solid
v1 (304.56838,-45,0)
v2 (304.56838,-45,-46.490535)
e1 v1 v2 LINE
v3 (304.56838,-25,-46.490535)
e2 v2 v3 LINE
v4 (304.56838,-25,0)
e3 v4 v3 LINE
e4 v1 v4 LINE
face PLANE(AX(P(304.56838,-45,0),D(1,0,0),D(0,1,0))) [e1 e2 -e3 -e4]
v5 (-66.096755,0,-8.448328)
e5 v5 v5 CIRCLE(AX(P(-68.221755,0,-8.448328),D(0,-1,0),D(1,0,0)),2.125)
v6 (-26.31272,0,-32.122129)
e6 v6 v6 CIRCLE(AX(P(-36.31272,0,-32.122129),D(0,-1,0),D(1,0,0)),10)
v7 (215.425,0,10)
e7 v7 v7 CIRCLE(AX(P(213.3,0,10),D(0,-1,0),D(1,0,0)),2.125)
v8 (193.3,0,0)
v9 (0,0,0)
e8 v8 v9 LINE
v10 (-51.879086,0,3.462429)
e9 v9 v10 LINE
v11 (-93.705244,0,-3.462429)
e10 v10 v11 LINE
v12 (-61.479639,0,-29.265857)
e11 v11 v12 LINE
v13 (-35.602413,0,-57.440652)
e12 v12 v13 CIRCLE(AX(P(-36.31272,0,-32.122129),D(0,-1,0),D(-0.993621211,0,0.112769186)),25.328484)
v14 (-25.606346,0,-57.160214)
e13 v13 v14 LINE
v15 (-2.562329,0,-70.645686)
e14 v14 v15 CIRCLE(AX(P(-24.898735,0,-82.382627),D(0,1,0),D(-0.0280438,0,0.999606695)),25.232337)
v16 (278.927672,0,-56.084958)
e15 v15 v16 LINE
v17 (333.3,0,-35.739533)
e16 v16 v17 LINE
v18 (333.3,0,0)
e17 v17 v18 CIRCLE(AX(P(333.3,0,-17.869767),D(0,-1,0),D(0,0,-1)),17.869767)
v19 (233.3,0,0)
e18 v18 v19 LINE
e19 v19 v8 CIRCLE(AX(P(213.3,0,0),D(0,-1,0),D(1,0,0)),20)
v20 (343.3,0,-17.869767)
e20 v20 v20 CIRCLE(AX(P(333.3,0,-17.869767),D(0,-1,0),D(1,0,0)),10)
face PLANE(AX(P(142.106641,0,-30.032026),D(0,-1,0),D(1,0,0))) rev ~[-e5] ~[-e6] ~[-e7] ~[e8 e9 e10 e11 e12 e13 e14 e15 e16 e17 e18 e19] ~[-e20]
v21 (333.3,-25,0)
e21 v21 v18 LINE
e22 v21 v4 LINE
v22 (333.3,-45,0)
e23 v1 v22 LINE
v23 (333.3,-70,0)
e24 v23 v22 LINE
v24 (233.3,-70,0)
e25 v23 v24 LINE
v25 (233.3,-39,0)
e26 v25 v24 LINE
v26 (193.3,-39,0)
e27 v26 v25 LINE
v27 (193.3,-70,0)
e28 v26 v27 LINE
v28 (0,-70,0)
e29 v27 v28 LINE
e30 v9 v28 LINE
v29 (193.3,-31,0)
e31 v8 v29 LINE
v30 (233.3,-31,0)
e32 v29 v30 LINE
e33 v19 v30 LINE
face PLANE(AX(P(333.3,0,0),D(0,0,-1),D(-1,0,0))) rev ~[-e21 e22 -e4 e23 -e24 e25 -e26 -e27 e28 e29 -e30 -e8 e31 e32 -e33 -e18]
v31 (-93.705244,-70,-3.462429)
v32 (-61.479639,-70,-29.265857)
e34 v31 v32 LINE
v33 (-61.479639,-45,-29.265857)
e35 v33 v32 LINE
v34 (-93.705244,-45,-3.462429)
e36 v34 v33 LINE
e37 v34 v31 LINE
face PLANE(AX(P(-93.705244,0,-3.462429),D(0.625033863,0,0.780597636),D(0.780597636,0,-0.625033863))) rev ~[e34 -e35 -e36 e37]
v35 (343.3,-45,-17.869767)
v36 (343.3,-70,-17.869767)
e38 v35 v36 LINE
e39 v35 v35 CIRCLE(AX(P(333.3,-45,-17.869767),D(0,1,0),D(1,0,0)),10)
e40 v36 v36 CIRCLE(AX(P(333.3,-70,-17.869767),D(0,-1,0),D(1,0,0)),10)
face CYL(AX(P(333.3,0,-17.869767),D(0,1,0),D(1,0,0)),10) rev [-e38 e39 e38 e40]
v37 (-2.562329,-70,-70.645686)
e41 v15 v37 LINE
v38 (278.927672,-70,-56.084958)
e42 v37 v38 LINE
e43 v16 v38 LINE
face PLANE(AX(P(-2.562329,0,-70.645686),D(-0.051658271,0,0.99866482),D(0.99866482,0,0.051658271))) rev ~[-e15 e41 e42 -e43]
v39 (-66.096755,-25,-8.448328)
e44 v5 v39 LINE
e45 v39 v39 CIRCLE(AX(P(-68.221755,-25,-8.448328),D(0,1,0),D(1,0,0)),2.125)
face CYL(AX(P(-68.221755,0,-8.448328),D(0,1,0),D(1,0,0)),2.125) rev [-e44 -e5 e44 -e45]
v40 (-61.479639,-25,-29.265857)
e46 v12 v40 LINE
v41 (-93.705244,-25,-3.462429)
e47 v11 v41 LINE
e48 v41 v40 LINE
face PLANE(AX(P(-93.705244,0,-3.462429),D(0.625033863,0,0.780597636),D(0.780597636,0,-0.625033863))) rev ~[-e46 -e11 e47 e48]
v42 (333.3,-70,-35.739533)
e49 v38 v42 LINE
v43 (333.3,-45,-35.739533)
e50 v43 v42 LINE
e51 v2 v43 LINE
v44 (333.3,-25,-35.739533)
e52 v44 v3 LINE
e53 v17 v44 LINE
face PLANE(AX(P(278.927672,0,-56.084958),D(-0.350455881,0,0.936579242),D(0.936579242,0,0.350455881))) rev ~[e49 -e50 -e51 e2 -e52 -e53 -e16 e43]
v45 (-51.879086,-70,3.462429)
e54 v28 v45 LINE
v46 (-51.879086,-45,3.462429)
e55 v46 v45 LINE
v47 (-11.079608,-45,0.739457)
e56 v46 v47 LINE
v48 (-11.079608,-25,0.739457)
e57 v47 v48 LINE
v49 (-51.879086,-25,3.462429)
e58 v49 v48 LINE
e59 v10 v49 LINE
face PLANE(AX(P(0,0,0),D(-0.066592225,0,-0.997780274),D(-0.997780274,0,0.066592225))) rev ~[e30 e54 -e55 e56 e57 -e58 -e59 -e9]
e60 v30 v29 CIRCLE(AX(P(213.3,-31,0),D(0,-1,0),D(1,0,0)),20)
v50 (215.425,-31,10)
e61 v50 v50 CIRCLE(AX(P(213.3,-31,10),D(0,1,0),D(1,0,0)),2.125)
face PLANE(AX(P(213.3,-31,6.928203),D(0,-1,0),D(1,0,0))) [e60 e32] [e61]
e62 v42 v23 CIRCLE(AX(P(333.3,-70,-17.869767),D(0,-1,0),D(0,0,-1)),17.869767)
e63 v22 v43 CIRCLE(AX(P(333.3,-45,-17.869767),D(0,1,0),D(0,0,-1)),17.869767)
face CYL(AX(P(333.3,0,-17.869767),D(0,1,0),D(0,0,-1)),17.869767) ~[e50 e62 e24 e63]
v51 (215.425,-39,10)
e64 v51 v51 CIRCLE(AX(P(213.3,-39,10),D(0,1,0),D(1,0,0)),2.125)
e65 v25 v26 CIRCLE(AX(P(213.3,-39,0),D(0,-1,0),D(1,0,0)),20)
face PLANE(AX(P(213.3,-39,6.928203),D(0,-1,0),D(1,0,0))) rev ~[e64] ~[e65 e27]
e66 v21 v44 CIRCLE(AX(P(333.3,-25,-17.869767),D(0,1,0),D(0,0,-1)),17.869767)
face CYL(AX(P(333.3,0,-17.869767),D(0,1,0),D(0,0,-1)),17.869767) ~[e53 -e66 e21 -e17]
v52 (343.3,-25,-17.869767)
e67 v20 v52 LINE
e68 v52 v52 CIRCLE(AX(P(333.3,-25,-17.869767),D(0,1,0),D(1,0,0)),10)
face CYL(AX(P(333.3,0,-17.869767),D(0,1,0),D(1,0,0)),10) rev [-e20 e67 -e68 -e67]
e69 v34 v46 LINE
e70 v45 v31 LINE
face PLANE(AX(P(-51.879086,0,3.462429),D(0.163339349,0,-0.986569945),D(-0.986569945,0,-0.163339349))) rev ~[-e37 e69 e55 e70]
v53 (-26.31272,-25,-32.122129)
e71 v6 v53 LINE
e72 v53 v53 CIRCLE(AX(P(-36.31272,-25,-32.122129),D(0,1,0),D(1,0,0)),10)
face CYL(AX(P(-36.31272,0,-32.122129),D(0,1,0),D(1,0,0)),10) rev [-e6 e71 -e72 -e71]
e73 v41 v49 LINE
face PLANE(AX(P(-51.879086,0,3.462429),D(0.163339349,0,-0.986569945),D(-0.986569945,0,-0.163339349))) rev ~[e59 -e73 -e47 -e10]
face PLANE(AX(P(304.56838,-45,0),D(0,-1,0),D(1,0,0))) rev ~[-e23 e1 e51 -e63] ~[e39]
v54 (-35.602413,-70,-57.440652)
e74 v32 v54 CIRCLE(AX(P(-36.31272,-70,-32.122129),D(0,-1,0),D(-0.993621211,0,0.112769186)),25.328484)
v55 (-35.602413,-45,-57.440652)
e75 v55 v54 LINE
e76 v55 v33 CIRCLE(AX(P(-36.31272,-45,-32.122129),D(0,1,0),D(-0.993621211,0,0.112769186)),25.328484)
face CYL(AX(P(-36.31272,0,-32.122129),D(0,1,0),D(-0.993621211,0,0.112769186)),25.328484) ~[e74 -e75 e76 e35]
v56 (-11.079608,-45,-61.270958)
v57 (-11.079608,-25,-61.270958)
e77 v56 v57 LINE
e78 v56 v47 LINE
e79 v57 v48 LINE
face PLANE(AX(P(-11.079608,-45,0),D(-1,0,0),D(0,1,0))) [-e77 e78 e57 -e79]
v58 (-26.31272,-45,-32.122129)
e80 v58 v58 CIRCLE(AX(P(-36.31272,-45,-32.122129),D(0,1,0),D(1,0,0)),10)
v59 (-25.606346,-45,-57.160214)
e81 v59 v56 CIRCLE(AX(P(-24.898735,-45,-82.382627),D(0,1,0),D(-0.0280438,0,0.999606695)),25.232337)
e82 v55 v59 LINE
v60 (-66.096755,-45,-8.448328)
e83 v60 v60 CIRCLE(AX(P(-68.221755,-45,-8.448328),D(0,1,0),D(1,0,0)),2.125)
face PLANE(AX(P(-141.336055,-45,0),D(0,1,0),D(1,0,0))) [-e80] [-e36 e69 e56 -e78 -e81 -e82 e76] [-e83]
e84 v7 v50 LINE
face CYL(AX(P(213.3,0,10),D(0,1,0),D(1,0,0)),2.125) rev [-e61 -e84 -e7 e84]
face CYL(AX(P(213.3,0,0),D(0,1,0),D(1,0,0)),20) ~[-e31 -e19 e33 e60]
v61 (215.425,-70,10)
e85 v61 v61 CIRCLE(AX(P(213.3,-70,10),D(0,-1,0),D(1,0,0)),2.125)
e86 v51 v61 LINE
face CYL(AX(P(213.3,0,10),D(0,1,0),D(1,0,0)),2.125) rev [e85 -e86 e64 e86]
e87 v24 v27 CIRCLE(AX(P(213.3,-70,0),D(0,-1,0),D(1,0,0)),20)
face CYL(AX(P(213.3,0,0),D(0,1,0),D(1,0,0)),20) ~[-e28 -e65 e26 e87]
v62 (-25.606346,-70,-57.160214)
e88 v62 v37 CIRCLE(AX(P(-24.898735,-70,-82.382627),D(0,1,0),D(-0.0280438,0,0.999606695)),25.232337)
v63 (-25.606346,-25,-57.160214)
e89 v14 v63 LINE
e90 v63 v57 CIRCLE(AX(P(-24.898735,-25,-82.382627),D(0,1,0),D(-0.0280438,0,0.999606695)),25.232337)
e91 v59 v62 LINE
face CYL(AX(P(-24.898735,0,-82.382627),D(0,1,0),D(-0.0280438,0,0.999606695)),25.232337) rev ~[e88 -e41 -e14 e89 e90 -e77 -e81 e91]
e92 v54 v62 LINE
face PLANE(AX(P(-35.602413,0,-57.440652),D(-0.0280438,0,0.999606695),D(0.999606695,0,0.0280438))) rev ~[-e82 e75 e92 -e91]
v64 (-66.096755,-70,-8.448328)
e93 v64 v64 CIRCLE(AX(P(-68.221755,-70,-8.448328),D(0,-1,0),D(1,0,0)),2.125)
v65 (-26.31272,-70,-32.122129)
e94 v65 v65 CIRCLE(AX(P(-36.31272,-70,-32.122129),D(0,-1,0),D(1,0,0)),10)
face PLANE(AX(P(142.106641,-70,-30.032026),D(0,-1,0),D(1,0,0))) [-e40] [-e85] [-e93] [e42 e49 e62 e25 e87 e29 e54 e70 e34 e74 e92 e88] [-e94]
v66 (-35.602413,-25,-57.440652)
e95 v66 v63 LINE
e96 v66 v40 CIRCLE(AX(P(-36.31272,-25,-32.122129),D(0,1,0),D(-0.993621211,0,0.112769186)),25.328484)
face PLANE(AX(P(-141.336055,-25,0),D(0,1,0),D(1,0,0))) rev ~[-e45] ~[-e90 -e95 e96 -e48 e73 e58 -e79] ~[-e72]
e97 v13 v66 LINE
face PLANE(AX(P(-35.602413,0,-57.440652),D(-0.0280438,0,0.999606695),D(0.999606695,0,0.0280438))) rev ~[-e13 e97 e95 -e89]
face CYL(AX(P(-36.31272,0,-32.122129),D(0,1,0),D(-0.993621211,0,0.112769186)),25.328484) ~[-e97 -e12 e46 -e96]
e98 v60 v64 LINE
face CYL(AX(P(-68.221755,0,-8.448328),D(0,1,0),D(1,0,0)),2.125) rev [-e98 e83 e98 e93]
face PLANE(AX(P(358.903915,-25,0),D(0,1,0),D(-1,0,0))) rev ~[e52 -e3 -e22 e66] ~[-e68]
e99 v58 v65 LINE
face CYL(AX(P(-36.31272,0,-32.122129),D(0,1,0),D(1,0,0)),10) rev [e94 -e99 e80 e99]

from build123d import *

# Parameters (mm, degrees)
F1_R          = 10
F1_R_2        = 2.125
F2_DEPTH      = 70
F3_W          = 130.2564469211
F3_H          = 20
F3_W_2        = 25.4596173763
F3_W_3        = 28.8759171963
F4_DEPTH      = 100
F4_DEPTH_BACK = 100
F5_R          = 2.125
F6_DEPTH      = 70
F9_DEPTH      = 4


with BuildPart() as f2:
    # F1 (on Front) → F2 (new body)
    with BuildSketch(Plane.XZ):
        with BuildLine():
            Line((333.3, 0), (0, 0))
            Line((0, 0), (-40.7109649446, -7.1784415304))
            ThreePointArc((-40.7109649446, -7.1784415304), (-54.7650426184, -14.7715124925), (-61.4796391993, -29.2658568603))
            ThreePointArc((-61.4796391993, -29.2658568603), (-54.9671092091, -49.2553101365), (-35.6024128261, -57.4406521057))
            Line((-35.6024128261, -57.4406521057), (-25.606345873, -57.1602141095))
            ThreePointArc((-25.606345873, -57.1602141095), (-12.1544941746, -60.6052272274), (-2.5623294895, -70.6456856906))
            Line((-2.5623294895, -70.6456856906), (278.9276717153, -56.0849576382))
            Line((278.9276717153, -56.0849576382), (333.3, -35.7395332009))
            ThreePointArc((333.3, -35.7395332009), (351.1697666005, -17.8697666005), (333.3, 0))
        make_face()
        with Locations((-36.3127197699, -32.1221294279)):
            Circle(F1_R, mode=Mode.SUBTRACT)
        with Locations((333.3, -17.8697666005)):
            Circle(F1_R, mode=Mode.SUBTRACT)
        with BuildLine():
            Line((-40.7109649446, -7.1784415304), (0, 0))
            Line((0, 0), (-51.8790856004, 3.4624293912))
            Line((-51.8790856004, 3.4624293912), (-93.7052443624, -3.4624293912))
            Line((-93.7052443624, -3.4624293912), (-61.4796391993, -29.2658568603))
            ThreePointArc((-61.4796391993, -29.2658568603), (-54.7650426184, -14.7715124925), (-40.7109649446, -7.1784415304))
        make_face()
        with Locations((-68.2217553258, -8.4483278915)):
            Circle(F1_R_2, mode=Mode.SUBTRACT)
    extrude(amount=F2_DEPTH)

    # F3 (on Top) → F4 (cut, two sides)
    with BuildSketch(Plane.XY) as f4_sk:
        with Locations((-76.2078319233, -35)):
            Rectangle(F3_W, F3_H)
        with Locations((346.1741060019, -35)):
            Rectangle(F3_W_2, F3_H)
        with Locations((319.0063387156, -35)):
            Rectangle(F3_W_3, F3_H)
    extrude(amount=F4_DEPTH, mode=Mode.SUBTRACT)
    extrude(f4_sk.sketch, amount=-F4_DEPTH_BACK, mode=Mode.SUBTRACT)

    # F5 (on Front) → F6 (join)
    with BuildSketch(Plane.XZ):
        with BuildLine():
            Line((213.3, 0), (233.3, 0))
            ThreePointArc((233.3, 0), (213.3, 20), (193.3, 0))
            Line((193.3, 0), (213.3, 0))
        make_face()
        with Locations((213.3, 10)):
            Circle(F5_R, mode=Mode.SUBTRACT)
    extrude(amount=F6_DEPTH)

    # F8 (on offset) → F9 (cut, symmetric)
    with BuildSketch(Plane.XZ.offset(35)):
        with BuildLine():
            Line((193.3, 0), (233.3, 0))
            ThreePointArc((233.3, 0), (213.3, 20), (193.3, 0))
        make_face()
    extrude(amount=F9_DEPTH, both=True, mode=Mode.SUBTRACT)


solid = f2.part
